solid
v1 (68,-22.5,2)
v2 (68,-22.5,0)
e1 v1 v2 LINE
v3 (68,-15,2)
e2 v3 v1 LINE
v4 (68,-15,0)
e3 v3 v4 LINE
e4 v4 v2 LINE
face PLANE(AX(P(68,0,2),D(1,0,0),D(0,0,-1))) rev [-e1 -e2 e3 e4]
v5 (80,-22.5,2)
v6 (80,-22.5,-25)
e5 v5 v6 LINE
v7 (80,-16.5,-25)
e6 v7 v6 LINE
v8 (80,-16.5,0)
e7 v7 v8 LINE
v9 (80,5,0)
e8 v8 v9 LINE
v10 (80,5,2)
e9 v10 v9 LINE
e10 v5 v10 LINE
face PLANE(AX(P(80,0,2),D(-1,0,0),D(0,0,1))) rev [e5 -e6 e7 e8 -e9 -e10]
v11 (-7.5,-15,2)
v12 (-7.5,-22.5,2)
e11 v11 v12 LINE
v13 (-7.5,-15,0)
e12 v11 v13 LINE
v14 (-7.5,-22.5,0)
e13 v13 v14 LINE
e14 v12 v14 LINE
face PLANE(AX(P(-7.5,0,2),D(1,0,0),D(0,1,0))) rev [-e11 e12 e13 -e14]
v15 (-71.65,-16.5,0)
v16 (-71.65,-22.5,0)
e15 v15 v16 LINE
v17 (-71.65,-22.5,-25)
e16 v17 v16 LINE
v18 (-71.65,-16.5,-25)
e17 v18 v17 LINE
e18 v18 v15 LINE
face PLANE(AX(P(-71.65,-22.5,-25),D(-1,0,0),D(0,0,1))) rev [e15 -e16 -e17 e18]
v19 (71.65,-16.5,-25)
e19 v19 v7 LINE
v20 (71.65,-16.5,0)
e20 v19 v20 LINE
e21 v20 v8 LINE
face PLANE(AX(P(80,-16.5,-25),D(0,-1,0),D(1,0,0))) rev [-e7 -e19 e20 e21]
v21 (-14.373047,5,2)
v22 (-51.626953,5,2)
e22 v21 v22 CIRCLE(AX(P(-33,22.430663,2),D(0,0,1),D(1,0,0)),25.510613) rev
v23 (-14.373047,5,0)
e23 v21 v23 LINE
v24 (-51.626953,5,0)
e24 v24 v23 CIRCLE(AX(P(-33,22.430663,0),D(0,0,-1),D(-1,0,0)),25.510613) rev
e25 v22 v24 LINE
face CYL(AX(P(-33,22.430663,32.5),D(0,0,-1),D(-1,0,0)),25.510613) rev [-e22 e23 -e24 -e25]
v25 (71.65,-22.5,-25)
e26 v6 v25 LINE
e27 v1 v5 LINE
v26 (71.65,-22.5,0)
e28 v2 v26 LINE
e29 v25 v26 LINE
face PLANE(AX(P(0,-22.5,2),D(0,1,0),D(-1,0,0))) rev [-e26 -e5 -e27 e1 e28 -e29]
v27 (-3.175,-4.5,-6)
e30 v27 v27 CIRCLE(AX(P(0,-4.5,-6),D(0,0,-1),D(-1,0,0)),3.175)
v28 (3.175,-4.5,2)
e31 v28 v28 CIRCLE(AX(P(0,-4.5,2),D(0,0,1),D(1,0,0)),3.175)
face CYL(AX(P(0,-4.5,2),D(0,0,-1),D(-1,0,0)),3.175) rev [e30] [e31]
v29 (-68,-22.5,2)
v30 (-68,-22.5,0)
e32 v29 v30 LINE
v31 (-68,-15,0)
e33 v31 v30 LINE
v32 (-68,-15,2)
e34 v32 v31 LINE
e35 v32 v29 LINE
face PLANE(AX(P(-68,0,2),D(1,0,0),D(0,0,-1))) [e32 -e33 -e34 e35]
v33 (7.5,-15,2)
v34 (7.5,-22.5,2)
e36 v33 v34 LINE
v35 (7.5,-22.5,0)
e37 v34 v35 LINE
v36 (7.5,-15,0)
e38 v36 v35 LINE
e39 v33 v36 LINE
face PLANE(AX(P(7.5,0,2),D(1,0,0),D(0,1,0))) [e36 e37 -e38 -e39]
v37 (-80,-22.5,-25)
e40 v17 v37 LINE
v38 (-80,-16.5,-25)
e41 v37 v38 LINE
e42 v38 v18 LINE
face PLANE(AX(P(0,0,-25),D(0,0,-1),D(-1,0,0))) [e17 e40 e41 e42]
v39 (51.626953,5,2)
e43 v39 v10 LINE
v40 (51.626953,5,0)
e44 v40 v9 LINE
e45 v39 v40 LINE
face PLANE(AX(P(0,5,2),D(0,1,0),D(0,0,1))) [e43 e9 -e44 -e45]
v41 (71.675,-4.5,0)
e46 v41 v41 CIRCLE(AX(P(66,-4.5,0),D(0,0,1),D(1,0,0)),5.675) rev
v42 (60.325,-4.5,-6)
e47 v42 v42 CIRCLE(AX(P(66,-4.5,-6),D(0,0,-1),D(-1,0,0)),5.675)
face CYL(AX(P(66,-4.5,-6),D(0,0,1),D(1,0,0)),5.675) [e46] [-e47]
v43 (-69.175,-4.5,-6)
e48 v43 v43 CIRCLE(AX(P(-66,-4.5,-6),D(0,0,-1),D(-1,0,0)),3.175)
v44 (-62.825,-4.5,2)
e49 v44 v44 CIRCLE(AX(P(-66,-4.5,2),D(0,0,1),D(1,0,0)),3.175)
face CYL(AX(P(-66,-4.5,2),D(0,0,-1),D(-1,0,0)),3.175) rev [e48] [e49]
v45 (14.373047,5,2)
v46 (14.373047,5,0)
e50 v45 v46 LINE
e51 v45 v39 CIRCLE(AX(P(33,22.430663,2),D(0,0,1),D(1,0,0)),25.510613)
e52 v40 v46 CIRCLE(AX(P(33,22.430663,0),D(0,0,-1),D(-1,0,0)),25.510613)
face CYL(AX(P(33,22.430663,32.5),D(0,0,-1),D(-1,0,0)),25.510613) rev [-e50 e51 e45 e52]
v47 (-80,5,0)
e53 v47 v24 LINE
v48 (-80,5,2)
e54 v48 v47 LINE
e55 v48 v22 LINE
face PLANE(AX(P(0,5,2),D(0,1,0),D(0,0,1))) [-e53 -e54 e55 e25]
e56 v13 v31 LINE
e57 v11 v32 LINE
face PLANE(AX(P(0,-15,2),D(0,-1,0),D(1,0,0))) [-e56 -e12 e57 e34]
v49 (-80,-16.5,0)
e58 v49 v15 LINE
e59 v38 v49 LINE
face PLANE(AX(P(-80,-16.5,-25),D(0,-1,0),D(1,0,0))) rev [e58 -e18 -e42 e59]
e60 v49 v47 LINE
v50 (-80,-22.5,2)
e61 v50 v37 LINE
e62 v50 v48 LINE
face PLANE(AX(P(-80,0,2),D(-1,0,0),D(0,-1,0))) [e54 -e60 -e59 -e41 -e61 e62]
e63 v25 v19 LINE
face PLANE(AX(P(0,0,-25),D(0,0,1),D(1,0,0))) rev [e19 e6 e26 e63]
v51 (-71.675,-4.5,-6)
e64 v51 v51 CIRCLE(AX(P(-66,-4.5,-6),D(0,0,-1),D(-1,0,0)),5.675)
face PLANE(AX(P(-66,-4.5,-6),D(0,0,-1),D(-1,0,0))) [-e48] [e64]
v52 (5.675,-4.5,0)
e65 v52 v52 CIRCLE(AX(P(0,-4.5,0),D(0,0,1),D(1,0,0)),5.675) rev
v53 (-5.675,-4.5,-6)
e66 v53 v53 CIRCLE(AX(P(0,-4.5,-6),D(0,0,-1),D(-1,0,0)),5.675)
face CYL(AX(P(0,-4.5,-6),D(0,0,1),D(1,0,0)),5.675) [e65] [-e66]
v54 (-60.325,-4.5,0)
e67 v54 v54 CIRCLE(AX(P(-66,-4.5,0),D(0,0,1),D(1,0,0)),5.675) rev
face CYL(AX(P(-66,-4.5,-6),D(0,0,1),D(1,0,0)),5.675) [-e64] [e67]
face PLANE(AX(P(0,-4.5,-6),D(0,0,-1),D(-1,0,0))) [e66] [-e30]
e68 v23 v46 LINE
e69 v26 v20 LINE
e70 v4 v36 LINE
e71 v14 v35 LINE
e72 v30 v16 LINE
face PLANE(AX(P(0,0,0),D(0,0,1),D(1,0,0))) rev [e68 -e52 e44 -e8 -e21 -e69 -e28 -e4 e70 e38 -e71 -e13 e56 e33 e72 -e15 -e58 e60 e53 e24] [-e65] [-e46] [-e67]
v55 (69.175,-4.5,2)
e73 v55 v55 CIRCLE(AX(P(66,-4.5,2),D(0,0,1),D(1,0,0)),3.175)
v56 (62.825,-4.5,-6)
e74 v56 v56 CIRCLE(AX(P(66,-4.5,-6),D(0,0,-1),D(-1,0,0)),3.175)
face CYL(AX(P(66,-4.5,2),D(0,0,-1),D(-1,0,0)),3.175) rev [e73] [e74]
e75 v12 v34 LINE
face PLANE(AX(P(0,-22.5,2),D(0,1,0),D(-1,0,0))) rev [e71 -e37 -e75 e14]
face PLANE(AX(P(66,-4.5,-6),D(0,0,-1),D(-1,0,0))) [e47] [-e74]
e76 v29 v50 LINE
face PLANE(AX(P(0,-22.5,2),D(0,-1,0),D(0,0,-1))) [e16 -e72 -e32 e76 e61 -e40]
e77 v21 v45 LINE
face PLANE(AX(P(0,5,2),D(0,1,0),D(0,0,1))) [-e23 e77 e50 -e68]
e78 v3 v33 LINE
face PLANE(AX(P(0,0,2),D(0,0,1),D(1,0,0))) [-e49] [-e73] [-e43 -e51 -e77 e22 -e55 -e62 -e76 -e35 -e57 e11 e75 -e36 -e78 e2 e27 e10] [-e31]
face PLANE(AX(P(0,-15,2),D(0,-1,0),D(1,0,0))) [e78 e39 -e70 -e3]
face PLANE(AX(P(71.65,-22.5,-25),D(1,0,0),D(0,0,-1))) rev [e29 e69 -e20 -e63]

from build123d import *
from build123d.topology import SkipClean

# Parameters (mm, degrees)
CROQUIS1_R              = 3.175
SALIENTE_EXTRUIR1_DEPTH = 2
CROQUIS2_W              = 8.35
CROQUIS2_H              = 6
SALIENTE_EXTRUIR2_DEPTH = 25
CORTAR_EXTRUIR1_DEPTH   = 32.5
SALIENTE_EXTRUIR3_START = 6
CROQUIS4_R              = 5.675
CROQUIS4_R_2            = 3.175
SALIENTE_EXTRUIR3_DEPTH = 6


with BuildPart() as part:
    # Croquis1 → Saliente-Extruir1 (new body)
    with BuildSketch(Plane.XY):
        Polygon((7.5, -22.5), (7.5, -15), (68, -15), (68, -22.5), (80, -22.5), (80, 5), (-80, 5), (-80, -22.5), (-68, -22.5), (-68, -15), (-7.5, -15), (-7.5, -22.5), align=None)
        with Locations((-66, -4.5)):
            Circle(CROQUIS1_R, mode=Mode.SUBTRACT)
        with Locations((66, -4.5)):
            Circle(CROQUIS1_R, mode=Mode.SUBTRACT)
        with Locations((0, -4.5)):
            Circle(CROQUIS1_R, mode=Mode.SUBTRACT)
    extrude(amount=SALIENTE_EXTRUIR1_DEPTH)

    # Croquis2 → Saliente-Extruir2 (add)
    with BuildSketch(Plane(origin=(0, 0, 0), x_dir=(-1, 0, 0), z_dir=(0, 0, -1))):
        with Locations((-75.825, -19.5)):
            Rectangle(CROQUIS2_W, CROQUIS2_H)
        with Locations((75.825, -19.5)):
            Rectangle(CROQUIS2_W, CROQUIS2_H)
    extrude(amount=SALIENTE_EXTRUIR2_DEPTH)

    # Croquis3 → Cortar-Extruir1 (cut)
    with BuildSketch(Plane(origin=(0, 0, 0), x_dir=(-1, 0, 0), z_dir=(0, 0, -1))):
        with BuildLine():
            Line((51.626952658, 5), (14.373047342, 5))
            ThreePointArc((14.373047342, 5), (33, -3.079949918), (51.626952658, 5))
        make_face()
        with BuildLine():
            Line((-14.373047342, 5), (-51.626952658, 5))
            ThreePointArc((-51.626952658, 5), (-33, -3.079949918), (-14.373047342, 5))
        make_face()
    extrude(amount=-CORTAR_EXTRUIR1_DEPTH, mode=Mode.SUBTRACT)

    # Croquis4 → Saliente-Extruir3 (add)
    # profile 1 of 3: a face of its own
    with SkipClean():  # the faces are left unmerged after this step: merging them gives an invalid solid
        with BuildSketch(Plane(origin=(0, 0, 0), x_dir=(-1, 0, 0), z_dir=(0, 0, -1)).offset(SALIENTE_EXTRUIR3_START)):
            with Locations(Location((-66, -4.5, 0), (0, 0, 180))):
                Circle(CROQUIS4_R)
            with Locations((-66, -4.5)):
                Circle(CROQUIS4_R_2, mode=Mode.SUBTRACT)
        # profile 2 of 3: a face of its own
        with BuildSketch(Plane(origin=(0, 0, 0), x_dir=(-1, 0, 0), z_dir=(0, 0, -1)).offset(SALIENTE_EXTRUIR3_START)):
            with Locations(Location((0, -4.5, 0), (0, 0, 180))):
                Circle(CROQUIS4_R)
            with Locations((0, -4.5)):
                Circle(CROQUIS4_R_2, mode=Mode.SUBTRACT)
        # profile 3 of 3: a face of its own
        with BuildSketch(Plane(origin=(0, 0, 0), x_dir=(-1, 0, 0), z_dir=(0, 0, -1)).offset(SALIENTE_EXTRUIR3_START)):
            with Locations(Location((66, -4.5, 0), (0, 0, 180))):
                Circle(CROQUIS4_R)
            with Locations((66, -4.5)):
                Circle(CROQUIS4_R_2, mode=Mode.SUBTRACT)
        extrude(amount=-SALIENTE_EXTRUIR3_DEPTH)


solid = part.part
